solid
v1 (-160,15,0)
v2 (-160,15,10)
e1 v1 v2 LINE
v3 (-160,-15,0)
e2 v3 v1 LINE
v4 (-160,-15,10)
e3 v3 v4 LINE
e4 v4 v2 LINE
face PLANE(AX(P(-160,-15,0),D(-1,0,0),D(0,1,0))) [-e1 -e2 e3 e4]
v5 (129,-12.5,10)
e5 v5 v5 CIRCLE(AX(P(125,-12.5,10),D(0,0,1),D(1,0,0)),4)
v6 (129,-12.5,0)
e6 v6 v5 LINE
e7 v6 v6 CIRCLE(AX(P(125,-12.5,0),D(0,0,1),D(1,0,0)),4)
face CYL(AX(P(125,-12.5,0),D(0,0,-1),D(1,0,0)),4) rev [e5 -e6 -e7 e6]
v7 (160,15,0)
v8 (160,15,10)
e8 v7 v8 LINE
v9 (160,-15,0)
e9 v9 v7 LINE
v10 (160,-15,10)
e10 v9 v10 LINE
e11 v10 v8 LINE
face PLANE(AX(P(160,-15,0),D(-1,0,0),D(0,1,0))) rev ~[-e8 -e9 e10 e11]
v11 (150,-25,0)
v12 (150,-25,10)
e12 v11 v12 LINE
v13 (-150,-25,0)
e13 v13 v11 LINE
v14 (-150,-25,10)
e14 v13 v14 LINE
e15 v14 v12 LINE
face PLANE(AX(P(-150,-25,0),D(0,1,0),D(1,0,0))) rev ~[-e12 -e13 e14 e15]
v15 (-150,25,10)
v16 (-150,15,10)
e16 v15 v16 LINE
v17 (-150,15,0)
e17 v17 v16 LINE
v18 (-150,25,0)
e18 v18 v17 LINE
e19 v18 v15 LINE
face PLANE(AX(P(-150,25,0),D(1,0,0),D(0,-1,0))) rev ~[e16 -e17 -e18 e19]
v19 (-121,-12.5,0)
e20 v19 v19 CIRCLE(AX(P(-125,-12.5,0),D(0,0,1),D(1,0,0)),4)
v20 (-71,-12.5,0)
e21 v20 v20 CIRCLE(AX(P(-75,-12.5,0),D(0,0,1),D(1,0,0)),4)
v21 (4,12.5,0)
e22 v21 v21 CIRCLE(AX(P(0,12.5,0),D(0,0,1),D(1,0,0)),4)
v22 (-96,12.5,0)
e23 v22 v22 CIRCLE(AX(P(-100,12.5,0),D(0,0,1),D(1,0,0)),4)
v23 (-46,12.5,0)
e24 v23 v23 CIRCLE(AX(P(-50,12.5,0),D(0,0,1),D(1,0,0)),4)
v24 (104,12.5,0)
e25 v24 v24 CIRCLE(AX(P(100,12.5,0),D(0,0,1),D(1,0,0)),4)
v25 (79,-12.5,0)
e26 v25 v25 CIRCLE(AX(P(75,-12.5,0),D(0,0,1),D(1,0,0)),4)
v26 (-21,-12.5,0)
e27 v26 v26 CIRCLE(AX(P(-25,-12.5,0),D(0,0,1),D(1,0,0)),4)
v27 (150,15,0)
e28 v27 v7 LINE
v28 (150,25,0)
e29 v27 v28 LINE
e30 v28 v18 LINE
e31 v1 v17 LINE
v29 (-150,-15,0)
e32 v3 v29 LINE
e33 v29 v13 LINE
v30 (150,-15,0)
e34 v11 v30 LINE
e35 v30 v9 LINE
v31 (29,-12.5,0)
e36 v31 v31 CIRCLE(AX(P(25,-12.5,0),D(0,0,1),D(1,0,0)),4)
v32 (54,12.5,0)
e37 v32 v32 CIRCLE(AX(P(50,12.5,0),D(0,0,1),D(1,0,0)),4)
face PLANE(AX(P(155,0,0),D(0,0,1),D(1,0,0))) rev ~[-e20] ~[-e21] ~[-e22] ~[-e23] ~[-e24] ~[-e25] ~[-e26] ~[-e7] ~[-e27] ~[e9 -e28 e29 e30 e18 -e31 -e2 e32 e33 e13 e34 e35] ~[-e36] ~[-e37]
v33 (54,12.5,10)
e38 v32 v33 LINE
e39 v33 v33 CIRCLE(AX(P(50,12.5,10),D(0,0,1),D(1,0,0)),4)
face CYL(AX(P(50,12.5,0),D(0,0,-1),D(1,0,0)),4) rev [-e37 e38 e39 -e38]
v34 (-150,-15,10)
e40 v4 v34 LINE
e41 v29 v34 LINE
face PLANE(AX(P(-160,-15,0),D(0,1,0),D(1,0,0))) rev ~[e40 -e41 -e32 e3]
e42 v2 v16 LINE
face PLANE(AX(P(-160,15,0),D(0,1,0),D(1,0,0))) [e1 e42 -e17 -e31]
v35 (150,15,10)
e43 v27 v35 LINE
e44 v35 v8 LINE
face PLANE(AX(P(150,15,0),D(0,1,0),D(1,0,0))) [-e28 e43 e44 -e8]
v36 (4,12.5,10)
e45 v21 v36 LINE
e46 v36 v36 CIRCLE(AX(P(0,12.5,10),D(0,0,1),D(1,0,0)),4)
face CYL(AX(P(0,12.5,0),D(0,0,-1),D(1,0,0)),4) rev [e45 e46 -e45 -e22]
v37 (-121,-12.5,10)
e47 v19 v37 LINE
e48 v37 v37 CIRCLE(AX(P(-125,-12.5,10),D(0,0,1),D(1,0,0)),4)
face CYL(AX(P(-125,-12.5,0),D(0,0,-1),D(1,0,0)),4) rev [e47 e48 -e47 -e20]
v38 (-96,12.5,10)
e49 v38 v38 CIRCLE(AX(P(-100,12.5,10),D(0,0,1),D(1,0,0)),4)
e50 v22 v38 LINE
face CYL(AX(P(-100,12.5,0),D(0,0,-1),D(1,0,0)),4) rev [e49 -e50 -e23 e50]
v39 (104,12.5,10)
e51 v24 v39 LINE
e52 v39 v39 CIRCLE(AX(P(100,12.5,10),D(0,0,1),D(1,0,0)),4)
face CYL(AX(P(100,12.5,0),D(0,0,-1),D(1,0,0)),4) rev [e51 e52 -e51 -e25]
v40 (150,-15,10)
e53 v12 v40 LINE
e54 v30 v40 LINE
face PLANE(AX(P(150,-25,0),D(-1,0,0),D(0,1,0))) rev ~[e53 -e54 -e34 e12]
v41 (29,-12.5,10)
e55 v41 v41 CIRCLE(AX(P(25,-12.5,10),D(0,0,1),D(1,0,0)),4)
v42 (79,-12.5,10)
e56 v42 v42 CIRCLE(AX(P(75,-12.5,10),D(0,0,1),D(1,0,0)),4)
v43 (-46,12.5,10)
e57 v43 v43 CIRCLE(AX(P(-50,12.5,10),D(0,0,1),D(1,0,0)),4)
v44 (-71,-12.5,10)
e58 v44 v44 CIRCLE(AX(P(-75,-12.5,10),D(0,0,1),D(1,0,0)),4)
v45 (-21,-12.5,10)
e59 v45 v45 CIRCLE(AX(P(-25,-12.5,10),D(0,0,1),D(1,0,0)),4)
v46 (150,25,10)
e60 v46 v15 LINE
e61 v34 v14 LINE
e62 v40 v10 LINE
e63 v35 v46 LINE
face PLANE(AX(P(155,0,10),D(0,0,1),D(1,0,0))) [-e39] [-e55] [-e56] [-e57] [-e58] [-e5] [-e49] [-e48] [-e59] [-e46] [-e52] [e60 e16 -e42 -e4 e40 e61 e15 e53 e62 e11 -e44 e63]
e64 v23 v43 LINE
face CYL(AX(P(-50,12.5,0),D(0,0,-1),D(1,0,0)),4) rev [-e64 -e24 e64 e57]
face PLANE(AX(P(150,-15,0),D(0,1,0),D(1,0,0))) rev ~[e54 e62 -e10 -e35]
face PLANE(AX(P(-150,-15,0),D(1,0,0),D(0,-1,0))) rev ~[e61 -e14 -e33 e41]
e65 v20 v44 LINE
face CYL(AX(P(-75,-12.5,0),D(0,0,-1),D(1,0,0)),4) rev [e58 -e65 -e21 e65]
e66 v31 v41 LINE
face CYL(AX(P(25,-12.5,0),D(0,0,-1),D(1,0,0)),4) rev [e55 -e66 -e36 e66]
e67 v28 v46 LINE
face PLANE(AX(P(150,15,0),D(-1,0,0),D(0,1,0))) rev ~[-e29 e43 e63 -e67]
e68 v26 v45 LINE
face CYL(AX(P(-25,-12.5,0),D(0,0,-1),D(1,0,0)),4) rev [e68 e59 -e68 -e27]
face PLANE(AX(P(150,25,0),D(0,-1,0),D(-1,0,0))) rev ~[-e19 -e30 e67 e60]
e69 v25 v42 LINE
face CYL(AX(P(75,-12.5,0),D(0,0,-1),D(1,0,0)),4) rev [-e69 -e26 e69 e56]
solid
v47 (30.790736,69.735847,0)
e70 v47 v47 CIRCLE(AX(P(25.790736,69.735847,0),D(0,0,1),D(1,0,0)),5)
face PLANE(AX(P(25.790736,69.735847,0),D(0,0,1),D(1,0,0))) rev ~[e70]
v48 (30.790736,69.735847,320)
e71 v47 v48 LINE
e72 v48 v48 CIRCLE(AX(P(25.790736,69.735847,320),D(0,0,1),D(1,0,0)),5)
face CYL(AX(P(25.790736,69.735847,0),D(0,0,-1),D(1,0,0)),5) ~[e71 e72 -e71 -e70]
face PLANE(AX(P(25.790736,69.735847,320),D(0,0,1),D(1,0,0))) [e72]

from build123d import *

# Parameters (mm, degrees)
F0_W     = 10
F0_H     = 30
F0_R     = 4
F1_DEPTH = 10
F2_R     = 5
F3_DEPTH = 320


with BuildPart() as f1:
    # F0 (on Top) → F1 (new body)
    with BuildSketch(Plane.XY):
        with Locations((155, 0)):
            Rectangle(F0_W, F0_H)
        with Locations((-155, 0)):
            Rectangle(F0_W, F0_H)
        Polygon((-150, -25), (150, -25), (150, -15), (150, 15), (150, 25), (-150, 25), (-150, 15), (-150, -15), align=None)
        with Locations((-125, -12.5)):
            Circle(F0_R, mode=Mode.SUBTRACT)
        with Locations((-75, -12.5)):
            Circle(F0_R, mode=Mode.SUBTRACT)
        with Locations((-25, -12.5)):
            Circle(F0_R, mode=Mode.SUBTRACT)
        with Locations((25, -12.5)):
            Circle(F0_R, mode=Mode.SUBTRACT)
        with Locations((75, -12.5)):
            Circle(F0_R, mode=Mode.SUBTRACT)
        with Locations((125, -12.5)):
            Circle(F0_R, mode=Mode.SUBTRACT)
        with Locations((-100, 12.5)):
            Circle(F0_R, mode=Mode.SUBTRACT)
        with Locations((-50, 12.5)):
            Circle(F0_R, mode=Mode.SUBTRACT)
        with Locations((0, 12.5)):
            Circle(F0_R, mode=Mode.SUBTRACT)
        with Locations((50, 12.5)):
            Circle(F0_R, mode=Mode.SUBTRACT)
        with Locations((100, 12.5)):
            Circle(F0_R, mode=Mode.SUBTRACT)
    extrude(amount=F1_DEPTH)


with BuildPart() as f3:
    # F2 (on Top) → F3 (new body)
    with BuildSketch(Plane.XY):
        with Locations((25.790736, 69.735847)):
            Circle(F2_R)
    extrude(amount=F3_DEPTH)


solid = Compound([f1.part, f3.part])
